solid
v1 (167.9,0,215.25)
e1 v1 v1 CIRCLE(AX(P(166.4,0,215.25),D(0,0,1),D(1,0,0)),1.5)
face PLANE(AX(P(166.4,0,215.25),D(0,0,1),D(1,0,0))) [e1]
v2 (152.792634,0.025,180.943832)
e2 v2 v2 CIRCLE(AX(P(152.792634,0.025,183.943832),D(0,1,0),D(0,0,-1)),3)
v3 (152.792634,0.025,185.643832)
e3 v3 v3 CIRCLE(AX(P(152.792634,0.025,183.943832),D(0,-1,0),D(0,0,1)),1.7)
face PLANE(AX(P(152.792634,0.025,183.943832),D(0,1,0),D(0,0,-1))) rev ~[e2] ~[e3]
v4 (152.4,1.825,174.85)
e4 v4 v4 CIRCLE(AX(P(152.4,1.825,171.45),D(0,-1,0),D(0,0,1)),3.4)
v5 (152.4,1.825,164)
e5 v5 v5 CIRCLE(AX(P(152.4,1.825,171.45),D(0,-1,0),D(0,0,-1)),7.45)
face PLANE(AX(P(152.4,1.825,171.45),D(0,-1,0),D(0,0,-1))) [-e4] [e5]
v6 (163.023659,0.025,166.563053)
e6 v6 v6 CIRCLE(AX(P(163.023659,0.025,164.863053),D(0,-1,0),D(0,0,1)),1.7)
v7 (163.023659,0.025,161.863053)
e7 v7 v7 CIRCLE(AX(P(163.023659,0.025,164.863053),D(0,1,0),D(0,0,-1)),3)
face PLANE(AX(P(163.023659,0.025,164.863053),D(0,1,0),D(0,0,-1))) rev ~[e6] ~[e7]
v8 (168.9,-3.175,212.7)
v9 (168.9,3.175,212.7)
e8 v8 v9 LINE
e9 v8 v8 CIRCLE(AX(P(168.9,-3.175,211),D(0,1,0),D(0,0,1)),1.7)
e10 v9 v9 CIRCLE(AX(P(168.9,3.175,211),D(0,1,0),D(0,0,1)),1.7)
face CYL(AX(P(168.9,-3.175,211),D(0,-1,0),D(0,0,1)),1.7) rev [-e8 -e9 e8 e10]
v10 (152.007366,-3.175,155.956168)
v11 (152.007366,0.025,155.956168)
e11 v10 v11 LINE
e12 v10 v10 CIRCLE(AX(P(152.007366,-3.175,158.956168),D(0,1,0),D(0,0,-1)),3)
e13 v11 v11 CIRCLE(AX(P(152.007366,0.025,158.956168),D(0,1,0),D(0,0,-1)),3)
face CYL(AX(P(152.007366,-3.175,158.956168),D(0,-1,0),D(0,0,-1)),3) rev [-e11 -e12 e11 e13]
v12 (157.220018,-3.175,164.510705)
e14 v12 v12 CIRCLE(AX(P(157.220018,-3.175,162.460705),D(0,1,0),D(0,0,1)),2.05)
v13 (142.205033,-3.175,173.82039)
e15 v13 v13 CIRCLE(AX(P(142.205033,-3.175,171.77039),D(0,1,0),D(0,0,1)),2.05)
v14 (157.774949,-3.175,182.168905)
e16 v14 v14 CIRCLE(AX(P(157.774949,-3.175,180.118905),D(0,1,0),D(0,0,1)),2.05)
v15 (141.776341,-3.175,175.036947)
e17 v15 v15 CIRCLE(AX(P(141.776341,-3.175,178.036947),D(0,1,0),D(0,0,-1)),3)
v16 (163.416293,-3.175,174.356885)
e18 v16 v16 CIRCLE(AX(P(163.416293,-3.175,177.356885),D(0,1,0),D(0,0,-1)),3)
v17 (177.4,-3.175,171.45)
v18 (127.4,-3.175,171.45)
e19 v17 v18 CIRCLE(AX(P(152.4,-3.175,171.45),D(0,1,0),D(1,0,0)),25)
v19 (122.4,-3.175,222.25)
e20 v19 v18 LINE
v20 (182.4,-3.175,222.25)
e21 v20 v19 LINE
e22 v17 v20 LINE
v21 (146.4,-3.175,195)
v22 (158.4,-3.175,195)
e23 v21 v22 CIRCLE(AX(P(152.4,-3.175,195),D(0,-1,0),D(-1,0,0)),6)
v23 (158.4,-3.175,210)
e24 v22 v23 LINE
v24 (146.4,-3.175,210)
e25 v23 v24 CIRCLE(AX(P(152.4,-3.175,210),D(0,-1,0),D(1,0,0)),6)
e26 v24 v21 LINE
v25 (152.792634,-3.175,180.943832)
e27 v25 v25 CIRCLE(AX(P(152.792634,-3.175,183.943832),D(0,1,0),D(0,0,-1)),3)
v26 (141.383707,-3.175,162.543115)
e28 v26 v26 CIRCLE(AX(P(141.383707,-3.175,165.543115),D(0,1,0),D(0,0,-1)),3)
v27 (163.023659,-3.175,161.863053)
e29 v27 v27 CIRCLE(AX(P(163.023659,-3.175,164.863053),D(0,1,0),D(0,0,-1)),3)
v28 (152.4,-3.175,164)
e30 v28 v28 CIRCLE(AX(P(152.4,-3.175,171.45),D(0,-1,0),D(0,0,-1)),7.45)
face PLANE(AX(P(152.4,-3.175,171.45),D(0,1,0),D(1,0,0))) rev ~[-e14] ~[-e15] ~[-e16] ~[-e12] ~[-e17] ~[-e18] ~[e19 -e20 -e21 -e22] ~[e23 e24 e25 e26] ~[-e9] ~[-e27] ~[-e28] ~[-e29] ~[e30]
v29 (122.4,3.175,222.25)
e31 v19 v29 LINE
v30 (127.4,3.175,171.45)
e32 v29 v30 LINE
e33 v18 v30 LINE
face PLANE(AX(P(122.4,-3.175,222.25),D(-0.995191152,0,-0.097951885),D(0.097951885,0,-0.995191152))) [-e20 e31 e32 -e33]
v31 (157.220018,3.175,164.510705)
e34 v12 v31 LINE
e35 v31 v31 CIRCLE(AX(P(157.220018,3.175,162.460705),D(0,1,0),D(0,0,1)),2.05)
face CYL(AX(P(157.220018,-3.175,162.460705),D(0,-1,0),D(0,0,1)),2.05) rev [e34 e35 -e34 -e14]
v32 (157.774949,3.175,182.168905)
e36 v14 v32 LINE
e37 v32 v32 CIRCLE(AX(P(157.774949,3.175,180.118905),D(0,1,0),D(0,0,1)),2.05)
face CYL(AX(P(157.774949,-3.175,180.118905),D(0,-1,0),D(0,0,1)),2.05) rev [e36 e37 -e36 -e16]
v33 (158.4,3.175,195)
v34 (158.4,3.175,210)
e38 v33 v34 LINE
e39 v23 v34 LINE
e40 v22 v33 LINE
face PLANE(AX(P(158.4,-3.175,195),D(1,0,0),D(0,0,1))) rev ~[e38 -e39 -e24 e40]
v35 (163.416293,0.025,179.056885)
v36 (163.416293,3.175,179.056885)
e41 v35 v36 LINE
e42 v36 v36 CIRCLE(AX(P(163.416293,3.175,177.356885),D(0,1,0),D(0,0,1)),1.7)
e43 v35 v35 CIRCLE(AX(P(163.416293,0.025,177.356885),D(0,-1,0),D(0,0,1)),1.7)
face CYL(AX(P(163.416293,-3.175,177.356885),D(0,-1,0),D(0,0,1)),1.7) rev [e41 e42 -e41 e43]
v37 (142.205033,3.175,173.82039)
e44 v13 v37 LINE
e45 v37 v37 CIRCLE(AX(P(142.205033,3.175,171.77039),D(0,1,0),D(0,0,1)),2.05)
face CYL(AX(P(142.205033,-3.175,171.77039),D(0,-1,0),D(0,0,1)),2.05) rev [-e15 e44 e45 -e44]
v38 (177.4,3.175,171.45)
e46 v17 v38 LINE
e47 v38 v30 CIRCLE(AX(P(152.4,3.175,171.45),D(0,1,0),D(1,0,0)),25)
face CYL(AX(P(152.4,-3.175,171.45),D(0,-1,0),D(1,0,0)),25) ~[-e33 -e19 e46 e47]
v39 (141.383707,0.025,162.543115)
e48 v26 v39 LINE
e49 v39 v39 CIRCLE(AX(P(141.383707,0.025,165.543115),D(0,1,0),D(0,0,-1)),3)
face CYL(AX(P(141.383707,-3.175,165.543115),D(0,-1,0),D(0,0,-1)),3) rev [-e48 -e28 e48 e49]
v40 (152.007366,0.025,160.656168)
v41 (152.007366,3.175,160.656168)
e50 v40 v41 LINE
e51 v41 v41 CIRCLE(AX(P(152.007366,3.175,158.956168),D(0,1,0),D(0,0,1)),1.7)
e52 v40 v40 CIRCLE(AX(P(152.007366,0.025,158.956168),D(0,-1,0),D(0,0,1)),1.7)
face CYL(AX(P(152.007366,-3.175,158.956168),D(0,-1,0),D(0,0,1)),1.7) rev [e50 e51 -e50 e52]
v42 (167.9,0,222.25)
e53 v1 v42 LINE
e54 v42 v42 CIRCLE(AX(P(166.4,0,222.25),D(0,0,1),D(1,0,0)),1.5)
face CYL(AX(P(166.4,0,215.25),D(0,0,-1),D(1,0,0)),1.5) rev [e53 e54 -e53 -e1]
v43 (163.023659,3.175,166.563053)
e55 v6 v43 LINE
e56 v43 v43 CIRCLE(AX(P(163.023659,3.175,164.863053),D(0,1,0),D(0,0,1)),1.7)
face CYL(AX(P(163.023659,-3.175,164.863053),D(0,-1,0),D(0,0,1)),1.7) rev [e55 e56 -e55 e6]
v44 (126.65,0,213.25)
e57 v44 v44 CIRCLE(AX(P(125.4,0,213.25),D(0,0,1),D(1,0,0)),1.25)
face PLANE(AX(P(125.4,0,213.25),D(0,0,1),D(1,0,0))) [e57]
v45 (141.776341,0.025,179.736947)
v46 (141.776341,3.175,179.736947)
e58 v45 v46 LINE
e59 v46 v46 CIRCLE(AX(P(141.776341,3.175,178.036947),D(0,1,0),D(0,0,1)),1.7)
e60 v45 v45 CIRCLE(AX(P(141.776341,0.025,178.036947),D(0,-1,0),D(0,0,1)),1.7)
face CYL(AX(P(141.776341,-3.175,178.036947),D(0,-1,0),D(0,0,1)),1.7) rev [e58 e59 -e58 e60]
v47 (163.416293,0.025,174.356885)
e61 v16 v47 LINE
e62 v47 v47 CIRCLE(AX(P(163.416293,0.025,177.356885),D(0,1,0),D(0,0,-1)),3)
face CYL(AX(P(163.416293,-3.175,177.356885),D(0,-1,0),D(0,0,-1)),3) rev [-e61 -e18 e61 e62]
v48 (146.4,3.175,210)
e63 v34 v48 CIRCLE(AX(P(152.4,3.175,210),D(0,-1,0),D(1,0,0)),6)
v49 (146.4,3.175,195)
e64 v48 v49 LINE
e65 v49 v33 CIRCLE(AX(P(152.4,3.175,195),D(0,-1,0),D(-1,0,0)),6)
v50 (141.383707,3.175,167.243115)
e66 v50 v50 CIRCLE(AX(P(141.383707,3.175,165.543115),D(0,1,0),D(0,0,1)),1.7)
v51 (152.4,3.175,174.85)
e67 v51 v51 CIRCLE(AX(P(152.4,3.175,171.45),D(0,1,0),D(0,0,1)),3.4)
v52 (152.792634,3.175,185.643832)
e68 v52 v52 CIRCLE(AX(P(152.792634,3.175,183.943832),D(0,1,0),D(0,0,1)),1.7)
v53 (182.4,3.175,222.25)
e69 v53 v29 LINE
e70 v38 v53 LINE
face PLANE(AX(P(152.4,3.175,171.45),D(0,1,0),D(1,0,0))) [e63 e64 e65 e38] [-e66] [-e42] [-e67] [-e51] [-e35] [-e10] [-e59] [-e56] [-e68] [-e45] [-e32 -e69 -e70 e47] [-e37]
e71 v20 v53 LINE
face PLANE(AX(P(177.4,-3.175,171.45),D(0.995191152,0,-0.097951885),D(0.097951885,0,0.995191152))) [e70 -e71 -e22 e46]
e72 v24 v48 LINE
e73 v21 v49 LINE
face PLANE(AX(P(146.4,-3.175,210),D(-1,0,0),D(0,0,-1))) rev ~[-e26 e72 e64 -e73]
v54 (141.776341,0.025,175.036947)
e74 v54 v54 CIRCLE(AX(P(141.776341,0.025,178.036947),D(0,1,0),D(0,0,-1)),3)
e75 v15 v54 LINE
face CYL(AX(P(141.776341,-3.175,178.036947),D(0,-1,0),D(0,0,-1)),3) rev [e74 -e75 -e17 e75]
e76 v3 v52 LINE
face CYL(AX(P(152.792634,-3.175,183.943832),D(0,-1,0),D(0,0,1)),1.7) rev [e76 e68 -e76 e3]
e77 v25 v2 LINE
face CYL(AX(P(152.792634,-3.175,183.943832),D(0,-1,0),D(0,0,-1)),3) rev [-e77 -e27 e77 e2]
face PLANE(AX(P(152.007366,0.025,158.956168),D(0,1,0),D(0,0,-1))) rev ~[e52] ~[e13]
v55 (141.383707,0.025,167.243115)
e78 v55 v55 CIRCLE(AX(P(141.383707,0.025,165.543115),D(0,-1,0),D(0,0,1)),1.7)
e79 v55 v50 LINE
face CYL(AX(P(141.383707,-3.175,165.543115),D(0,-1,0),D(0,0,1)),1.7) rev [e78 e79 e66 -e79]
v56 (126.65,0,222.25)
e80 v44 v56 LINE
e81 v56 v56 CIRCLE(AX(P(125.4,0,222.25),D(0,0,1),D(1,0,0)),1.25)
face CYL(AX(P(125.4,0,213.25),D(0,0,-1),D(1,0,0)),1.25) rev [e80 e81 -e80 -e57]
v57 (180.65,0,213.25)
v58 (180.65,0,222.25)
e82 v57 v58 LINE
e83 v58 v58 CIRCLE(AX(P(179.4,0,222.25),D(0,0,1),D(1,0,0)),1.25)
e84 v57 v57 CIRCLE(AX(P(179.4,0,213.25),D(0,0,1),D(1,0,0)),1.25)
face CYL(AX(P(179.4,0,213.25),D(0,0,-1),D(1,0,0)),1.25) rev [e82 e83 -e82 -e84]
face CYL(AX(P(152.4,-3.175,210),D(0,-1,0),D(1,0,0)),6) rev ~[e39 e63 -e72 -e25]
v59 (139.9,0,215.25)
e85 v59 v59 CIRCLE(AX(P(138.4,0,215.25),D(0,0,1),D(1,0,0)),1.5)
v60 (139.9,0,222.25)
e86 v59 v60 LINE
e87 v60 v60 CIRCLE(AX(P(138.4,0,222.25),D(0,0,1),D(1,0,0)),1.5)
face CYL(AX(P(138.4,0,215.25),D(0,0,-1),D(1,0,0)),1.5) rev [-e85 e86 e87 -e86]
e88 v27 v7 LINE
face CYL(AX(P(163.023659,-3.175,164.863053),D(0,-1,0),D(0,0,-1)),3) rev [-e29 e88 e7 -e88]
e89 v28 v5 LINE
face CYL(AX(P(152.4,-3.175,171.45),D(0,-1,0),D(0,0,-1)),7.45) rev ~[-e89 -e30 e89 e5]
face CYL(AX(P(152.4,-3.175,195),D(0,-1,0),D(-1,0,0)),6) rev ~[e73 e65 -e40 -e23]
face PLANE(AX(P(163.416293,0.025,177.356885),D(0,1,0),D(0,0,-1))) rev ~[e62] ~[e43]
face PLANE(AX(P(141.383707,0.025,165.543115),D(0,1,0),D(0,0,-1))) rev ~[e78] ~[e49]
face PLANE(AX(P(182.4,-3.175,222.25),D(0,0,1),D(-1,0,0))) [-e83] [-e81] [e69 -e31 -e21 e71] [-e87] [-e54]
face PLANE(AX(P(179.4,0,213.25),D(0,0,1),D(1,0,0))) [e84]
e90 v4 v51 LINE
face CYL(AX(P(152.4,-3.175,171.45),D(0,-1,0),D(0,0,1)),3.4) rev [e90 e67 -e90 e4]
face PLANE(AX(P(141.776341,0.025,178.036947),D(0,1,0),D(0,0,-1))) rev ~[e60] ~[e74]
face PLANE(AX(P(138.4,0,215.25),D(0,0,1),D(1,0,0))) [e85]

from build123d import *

# Parameters (mm, degrees)
PLACA_ANTEBRAZO_START          = -3.175
PLACA_ANTEBRAZO_DEPTH          = 6.35
PLACA_ANTEBRAZO_REDONDEO_START = -3.175
CROQUIS13_R                    = 25
PLACA_ANTEBRAZO_REDONDEO_DEPTH = 6.35
BARRENOS_J3_START              = -3.175
CROQUIS14_R                    = 1.7
CROQUIS14_R_2                  = 2.05
CROQUIS14_R_3                  = 3.4
BARRENOS_J3_DEPTH              = 6.35
REFRENTADOS_J3_START           = -3.175
CROQUIS15_R                    = 3
REFRENTADOS_J3_DEPTH           = 3.2
ALIGERADO_PASO_CABLE_START     = -3.175
ALIGERADO_PASO_CABLE_DEPTH     = 6.35
ROSCA_M3_CANTO_START           = 213.25
CROQUIS17_R                    = 1.25
ROSCA_M3_CANTO_DEPTH           = 9
PASADORES_D3_START             = 215.25
CROQUIS18_R                    = 1.5
PASADORES_D3_DEPTH             = 7
PASO_M3_BASES_CINCHO_START     = -3.175
CROQUIS20_R                    = 1.7
PASO_M3_BASES_CINCHO_DEPTH     = 6.35
CROQUIS21_R                    = 7.45
CORTAR_EXTRUIR1_DEPTH          = 5


with BuildPart() as part:
    # Croquis12 → Placa_antebrazo (new body)
    with BuildSketch(Plane(origin=(0, 0, 0), x_dir=(1, 0, 0), z_dir=(0, 1, 0)).offset(PLACA_ANTEBRAZO_START)):
        Polygon((127.4, -171.45), (177.4, -171.45), (182.4, -222.25), (122.4, -222.25), align=None)
    extrude(amount=PLACA_ANTEBRAZO_DEPTH)

    # Croquis13 → Placa_antebrazo_redondeo (add)
    with BuildSketch(Plane(origin=(0, 0, 0), x_dir=(1, 0, 0), z_dir=(0, 1, 0)).offset(PLACA_ANTEBRAZO_REDONDEO_START)):
        with Locations((152.4, -171.45)):
            Circle(CROQUIS13_R)
    extrude(amount=PLACA_ANTEBRAZO_REDONDEO_DEPTH)

    # Croquis14 → Barrenos_J3 (cut)
    with BuildSketch(Plane(origin=(0, 0, 0), x_dir=(1, 0, 0), z_dir=(0, 1, 0)).offset(BARRENOS_J3_START)):
        with Locations((163.416293151, -177.356884561)):
            Circle(CROQUIS14_R)
        with Locations((152.792634488, -183.943832005)):
            Circle(CROQUIS14_R)
        with Locations((141.776341338, -178.036947444)):
            Circle(CROQUIS14_R)
        with Locations((141.383706849, -165.543115439)):
            Circle(CROQUIS14_R)
        with Locations((152.007365512, -158.956167995)):
            Circle(CROQUIS14_R)
        with Locations((163.023658662, -164.863052556)):
            Circle(CROQUIS14_R)
        with Locations((157.774949114, -180.118905468)):
            Circle(CROQUIS14_R_2)
        with Locations((142.205033084, -171.770389743)):
            Circle(CROQUIS14_R_2)
        with Locations((157.220017802, -162.460704789)):
            Circle(CROQUIS14_R_2)
        with Locations((152.4, -171.45)):
            Circle(CROQUIS14_R_3)
    extrude(amount=BARRENOS_J3_DEPTH, mode=Mode.SUBTRACT)

    # Croquis15 → Refrentados_J3 (cut)
    with BuildSketch(Plane(origin=(0, 0, 0), x_dir=(1, 0, 0), z_dir=(0, 1, 0)).offset(REFRENTADOS_J3_START)):
        with Locations((163.416293151, -177.356884561)):
            Circle(CROQUIS15_R)
        with Locations((152.792634488, -183.943832005)):
            Circle(CROQUIS15_R)
        with Locations((141.776341338, -178.036947444)):
            Circle(CROQUIS15_R)
        with Locations((141.383706849, -165.543115439)):
            Circle(CROQUIS15_R)
        with Locations((152.007365512, -158.956167995)):
            Circle(CROQUIS15_R)
        with Locations((163.023658662, -164.863052556)):
            Circle(CROQUIS15_R)
    extrude(amount=REFRENTADOS_J3_DEPTH, mode=Mode.SUBTRACT)

    # Croquis16 → Aligerado_paso_cable (cut)
    with BuildSketch(Plane(origin=(0, 0, 0), x_dir=(1, 0, 0), z_dir=(0, 1, 0)).offset(ALIGERADO_PASO_CABLE_START)):
        with BuildLine():
            Line((158.4, -195), (158.4, -210))
            ThreePointArc((158.4, -210), (152.4, -216), (146.4, -210))
            Line((146.4, -210), (146.4, -195))
            ThreePointArc((146.4, -195), (152.4, -189), (158.4, -195))
        make_face()
    extrude(amount=ALIGERADO_PASO_CABLE_DEPTH, mode=Mode.SUBTRACT)

    # Croquis17 → Rosca_M3_canto (cut)
    with BuildSketch(Plane.XY.offset(ROSCA_M3_CANTO_START)):
        with Locations((125.4, 0)):
            Circle(CROQUIS17_R)
        with Locations((179.4, 0)):
            Circle(CROQUIS17_R)
    extrude(amount=ROSCA_M3_CANTO_DEPTH, mode=Mode.SUBTRACT)

    # Croquis18 → Pasadores_D3 (cut)
    with BuildSketch(Plane.XY.offset(PASADORES_D3_START)):
        with Locations((138.4, 0)):
            Circle(CROQUIS18_R)
        with Locations((166.4, 0)):
            Circle(CROQUIS18_R)
    extrude(amount=PASADORES_D3_DEPTH, mode=Mode.SUBTRACT)

    # Croquis20 → Paso_M3_bases_cincho (cut)
    with BuildSketch(Plane(origin=(0, 0, 0), x_dir=(1, 0, 0), z_dir=(0, 1, 0)).offset(PASO_M3_BASES_CINCHO_START)):
        with Locations((168.9, -211)):
            Circle(CROQUIS20_R)
    extrude(amount=PASO_M3_BASES_CINCHO_DEPTH, mode=Mode.SUBTRACT)

    # Croquis21 → Cortar-Extruir1 (cut)
    with BuildSketch(Plane.XZ.offset(3.175)):
        with Locations((152.4, 171.45)):
            Circle(CROQUIS21_R)
    extrude(amount=-CORTAR_EXTRUIR1_DEPTH, mode=Mode.SUBTRACT)


solid = part.part
